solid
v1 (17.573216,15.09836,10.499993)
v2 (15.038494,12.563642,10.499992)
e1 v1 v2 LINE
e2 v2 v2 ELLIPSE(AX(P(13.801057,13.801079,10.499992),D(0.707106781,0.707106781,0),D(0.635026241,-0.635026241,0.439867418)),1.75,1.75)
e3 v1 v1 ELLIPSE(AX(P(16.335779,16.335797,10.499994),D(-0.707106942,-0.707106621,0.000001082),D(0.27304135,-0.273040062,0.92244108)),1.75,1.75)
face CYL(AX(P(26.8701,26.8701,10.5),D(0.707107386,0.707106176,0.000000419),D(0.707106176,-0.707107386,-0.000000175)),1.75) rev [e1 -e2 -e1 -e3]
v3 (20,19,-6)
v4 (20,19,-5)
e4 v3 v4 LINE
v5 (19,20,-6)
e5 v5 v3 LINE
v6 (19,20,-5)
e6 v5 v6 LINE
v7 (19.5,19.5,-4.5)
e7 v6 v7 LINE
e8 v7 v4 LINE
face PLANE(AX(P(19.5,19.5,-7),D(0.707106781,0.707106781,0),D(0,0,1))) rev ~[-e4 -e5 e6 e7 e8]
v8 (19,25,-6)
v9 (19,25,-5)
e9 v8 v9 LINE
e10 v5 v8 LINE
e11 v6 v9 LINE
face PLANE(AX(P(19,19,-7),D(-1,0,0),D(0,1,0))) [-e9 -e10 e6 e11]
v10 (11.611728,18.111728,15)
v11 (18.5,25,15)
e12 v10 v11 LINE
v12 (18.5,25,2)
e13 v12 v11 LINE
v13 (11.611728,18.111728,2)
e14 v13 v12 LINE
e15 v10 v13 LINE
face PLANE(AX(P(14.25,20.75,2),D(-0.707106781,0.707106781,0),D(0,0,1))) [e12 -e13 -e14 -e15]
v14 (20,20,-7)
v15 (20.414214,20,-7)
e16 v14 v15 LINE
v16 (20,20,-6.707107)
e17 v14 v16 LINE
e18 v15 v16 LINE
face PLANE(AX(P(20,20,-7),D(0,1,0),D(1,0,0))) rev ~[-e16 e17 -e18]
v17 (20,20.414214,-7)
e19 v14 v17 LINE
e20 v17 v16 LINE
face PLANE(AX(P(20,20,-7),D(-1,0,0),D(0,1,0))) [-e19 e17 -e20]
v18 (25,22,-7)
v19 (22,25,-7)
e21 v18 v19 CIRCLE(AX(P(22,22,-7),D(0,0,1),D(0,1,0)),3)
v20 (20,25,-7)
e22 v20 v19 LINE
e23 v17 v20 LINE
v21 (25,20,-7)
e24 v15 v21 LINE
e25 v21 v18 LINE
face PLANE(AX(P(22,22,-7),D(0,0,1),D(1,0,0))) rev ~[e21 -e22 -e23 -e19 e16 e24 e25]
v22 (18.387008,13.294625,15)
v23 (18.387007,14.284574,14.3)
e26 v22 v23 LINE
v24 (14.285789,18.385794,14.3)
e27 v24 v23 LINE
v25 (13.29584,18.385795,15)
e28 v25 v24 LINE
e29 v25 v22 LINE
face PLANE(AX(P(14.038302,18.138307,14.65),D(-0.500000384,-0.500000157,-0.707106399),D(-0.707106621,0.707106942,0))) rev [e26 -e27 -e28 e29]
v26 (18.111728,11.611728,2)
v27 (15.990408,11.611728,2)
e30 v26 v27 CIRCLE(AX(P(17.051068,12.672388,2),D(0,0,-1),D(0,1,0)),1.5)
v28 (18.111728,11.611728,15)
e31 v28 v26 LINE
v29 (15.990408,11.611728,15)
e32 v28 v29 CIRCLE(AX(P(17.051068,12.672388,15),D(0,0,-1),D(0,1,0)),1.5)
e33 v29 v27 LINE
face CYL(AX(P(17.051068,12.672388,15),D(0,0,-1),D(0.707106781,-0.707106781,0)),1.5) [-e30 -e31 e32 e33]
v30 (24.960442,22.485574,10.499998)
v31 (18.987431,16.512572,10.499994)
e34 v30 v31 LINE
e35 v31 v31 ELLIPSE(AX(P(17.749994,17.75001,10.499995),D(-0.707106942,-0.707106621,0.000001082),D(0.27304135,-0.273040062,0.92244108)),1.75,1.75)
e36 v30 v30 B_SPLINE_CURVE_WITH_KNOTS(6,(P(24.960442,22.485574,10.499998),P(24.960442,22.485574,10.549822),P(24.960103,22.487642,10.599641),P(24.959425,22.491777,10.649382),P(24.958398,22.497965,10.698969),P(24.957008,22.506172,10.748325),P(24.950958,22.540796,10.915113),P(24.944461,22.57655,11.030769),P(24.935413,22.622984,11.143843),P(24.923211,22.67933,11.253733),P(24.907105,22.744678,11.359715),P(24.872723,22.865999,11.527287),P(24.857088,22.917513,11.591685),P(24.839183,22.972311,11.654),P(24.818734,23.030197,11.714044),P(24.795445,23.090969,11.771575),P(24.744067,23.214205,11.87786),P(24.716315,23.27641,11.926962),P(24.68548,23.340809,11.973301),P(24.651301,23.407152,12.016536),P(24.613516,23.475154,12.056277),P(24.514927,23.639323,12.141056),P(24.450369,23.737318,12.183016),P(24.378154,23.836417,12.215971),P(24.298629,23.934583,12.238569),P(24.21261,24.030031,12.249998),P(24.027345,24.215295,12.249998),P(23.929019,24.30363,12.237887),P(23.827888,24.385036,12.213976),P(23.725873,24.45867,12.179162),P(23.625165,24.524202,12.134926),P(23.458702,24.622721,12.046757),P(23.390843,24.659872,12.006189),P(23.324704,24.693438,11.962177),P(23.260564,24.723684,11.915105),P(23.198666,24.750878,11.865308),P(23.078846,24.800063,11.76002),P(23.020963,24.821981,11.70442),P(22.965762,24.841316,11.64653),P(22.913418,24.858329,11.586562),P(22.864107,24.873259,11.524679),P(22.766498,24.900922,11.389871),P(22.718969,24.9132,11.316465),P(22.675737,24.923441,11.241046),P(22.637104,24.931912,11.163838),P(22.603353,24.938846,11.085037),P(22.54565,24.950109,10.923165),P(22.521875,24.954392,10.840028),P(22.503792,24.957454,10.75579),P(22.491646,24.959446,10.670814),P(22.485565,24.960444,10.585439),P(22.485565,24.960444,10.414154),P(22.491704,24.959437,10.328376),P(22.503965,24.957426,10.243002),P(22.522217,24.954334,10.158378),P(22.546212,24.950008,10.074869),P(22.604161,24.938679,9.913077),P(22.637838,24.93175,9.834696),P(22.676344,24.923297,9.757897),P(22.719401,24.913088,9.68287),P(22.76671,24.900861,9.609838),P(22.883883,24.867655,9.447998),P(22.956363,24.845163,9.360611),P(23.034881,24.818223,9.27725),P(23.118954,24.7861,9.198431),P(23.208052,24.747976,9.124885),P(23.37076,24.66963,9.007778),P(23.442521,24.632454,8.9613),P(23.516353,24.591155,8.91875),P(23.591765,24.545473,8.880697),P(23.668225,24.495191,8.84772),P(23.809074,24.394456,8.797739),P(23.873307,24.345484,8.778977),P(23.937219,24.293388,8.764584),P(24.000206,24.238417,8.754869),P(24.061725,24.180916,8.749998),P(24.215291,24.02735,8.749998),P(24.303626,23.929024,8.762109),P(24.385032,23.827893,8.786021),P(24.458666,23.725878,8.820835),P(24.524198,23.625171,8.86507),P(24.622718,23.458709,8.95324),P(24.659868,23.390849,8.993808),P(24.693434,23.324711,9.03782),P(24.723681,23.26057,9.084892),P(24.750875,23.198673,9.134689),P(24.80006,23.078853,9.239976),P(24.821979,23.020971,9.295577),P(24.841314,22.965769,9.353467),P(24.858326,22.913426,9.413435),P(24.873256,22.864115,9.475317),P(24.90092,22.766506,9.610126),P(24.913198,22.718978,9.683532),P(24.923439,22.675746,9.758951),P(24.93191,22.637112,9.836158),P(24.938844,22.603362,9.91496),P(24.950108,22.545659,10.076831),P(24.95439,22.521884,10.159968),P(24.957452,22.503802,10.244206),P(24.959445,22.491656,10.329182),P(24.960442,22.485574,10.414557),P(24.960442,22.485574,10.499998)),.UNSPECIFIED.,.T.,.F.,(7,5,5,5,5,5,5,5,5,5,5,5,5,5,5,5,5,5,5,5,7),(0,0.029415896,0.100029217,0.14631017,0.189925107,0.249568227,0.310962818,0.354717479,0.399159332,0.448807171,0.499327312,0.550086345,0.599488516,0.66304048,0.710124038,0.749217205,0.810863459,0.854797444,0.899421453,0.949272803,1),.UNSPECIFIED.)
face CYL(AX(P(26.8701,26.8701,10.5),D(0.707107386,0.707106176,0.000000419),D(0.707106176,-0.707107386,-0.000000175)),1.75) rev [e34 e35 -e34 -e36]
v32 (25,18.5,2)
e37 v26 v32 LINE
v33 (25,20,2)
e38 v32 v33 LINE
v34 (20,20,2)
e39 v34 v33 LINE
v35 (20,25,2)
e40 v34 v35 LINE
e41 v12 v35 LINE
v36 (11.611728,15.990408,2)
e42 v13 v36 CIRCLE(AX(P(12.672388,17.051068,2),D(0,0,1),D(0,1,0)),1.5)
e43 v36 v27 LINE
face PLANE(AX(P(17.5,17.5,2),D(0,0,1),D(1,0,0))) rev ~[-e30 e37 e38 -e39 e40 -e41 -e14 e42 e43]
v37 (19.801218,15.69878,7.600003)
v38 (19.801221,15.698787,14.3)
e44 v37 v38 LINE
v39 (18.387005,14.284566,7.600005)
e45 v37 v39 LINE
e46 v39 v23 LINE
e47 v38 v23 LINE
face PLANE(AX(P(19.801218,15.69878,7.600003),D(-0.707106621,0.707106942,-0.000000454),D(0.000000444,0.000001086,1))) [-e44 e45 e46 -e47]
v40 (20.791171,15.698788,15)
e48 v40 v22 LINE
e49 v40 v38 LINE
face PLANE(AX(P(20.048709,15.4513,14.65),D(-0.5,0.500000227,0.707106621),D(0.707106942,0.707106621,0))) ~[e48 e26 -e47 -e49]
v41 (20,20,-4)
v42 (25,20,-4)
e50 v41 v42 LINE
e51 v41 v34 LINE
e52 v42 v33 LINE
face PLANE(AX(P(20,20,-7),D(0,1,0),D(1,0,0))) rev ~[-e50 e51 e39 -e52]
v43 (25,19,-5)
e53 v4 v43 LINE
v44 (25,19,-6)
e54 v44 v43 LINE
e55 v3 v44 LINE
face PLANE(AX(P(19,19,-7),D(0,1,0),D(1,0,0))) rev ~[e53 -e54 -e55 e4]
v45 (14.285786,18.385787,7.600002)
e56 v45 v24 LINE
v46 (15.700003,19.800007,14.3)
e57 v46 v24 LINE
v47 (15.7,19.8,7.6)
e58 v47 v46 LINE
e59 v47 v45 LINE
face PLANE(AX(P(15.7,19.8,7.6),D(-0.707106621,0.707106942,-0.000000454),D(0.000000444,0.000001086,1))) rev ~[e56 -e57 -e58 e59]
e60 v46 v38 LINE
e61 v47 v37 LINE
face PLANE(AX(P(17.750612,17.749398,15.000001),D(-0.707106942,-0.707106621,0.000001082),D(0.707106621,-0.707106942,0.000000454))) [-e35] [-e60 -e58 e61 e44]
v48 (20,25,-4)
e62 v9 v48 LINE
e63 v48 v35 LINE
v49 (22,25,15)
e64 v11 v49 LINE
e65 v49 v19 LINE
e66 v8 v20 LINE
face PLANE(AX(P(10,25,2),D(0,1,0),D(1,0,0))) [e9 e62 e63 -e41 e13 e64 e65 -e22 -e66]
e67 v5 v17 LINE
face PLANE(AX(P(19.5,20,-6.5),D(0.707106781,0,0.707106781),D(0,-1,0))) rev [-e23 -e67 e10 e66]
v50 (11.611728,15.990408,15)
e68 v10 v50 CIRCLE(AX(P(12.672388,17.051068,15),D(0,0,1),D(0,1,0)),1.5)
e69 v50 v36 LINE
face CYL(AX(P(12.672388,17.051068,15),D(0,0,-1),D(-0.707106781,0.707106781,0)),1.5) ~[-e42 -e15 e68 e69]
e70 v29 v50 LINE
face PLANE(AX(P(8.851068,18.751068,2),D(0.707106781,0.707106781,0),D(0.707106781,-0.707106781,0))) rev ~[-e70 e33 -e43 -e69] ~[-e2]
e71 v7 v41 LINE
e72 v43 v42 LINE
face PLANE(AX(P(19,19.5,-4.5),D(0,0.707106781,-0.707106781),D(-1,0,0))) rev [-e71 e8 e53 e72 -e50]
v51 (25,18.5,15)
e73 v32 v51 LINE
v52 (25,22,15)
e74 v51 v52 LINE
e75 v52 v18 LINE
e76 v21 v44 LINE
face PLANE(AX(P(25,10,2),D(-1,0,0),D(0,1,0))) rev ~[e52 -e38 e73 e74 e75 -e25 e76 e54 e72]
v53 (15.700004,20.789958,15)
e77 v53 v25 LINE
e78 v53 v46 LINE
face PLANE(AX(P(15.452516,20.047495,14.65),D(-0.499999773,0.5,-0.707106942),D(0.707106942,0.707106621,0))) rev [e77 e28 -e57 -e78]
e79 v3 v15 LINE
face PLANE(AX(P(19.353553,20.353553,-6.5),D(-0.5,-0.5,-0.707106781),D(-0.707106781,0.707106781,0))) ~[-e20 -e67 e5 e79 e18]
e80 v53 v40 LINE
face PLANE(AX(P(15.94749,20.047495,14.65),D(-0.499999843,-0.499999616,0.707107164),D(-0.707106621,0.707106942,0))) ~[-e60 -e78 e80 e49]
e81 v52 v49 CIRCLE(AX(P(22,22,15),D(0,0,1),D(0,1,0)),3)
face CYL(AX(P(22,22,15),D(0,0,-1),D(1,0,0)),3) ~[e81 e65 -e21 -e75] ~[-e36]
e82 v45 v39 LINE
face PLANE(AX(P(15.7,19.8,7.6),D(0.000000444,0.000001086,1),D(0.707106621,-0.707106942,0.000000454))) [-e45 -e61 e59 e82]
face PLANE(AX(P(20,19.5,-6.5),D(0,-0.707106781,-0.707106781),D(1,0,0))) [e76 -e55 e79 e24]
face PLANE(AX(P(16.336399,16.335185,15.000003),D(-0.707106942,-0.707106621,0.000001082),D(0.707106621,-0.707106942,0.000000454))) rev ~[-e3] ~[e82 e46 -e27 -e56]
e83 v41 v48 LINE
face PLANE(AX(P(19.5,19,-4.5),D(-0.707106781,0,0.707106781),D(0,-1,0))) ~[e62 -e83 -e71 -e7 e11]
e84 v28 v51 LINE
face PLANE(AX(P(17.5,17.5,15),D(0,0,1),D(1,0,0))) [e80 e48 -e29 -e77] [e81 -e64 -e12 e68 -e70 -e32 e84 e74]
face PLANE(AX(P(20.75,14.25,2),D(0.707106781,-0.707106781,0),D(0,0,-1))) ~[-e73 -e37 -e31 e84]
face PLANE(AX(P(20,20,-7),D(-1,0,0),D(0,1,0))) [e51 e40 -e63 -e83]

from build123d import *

# Parameters (mm, degrees)
BOX406004_W                 = 5.8
BOX406004_H                 = 14.8
BOX406004_DEPTH             = 2
BOX406004_ROLL_ANGLE        = 89.999938
BOX406004_PITCH_ANGLE       = -2.6e-05
BOX406004_PLACEMENT_ANGLE   = -45.000013
CYLINDER066_R               = 1.75
CYLINDER066_DEPTH           = 33
CYLINDER066_ROLL_ANGLE      = 90.000024
CYLINDER066_PITCH_ANGLE     = 1e-05
CYLINDER066_PLACEMENT_ANGLE = -45.000049
BOX404_W                    = 5
BOX404_H                    = 5
BOX404_DEPTH                = 14
BOX406007_W                 = 14
BOX406007_H                 = 10
BOX406007_DEPTH             = 14
BOX406007_PLACEMENT_ANGLE   = 45
BOX405_W                    = 15
BOX405_H                    = 15
BOX405_DEPTH                = 13
CHAMFER_SIZE                = 8.5
FILLET_R                    = 1.5
BOX406008009_W              = 6
BOX406008009_H              = 6
BOX406008009_DEPTH          = 3
CHAMFER029_SIZE             = 1
CHAMFER030_SIZE             = 1
CHAMFER033_SIZE             = 1
FILLET006_R                 = 3
CHAMFER034_SIZE             = 0.7


with BuildPart() as box406004:
    # Box406004 → Box406004 (new body)
    with BuildSketch(Plane.XY):
        with Locations((2.9, 7.4)):
            Rectangle(BOX406004_W, BOX406004_H)
    extrude(amount=BOX406004_DEPTH)


with BuildPart() as box406004_1:
    # Box406004 roll: moved
    add(box406004.part.rotate(Axis((0, 0, 0), (1, 0, 0)), BOX406004_ROLL_ANGLE))


with BuildPart() as box406004_2:
    # Box406004 pitch: moved
    add(box406004_1.part.rotate(Axis((0, 0, 0), (0, 1, 0)), BOX406004_PITCH_ANGLE))


with BuildPart() as box406004_3:
    # Box406004 placement: moved
    add(box406004_2.part.moved(Location((15.7, 19.8, 7.6))).rotate(Axis((15.7, 19.8, 7.6), (0, 0, 1)), BOX406004_PLACEMENT_ANGLE))


with BuildPart() as finger_cavity:
    # Cylinder066 → Cylinder066 (new body)
    with BuildSketch(Plane.XY):
        Circle(CYLINDER066_R)
    extrude(amount=CYLINDER066_DEPTH)


with BuildPart() as finger_cavity_1:
    # Cylinder066 roll: moved
    add(finger_cavity.part.rotate(Axis((0, 0, 0), (1, 0, 0)), CYLINDER066_ROLL_ANGLE))


with BuildPart() as finger_cavity_2:
    # Cylinder066 pitch: moved
    add(finger_cavity_1.part.rotate(Axis((0, 0, 0), (0, 1, 0)), CYLINDER066_PITCH_ANGLE))


with BuildPart() as finger_cavity_3:
    # Cylinder066 placement: moved
    add(finger_cavity_2.part.moved(Location((26.8701, 26.8701, 10.5))).rotate(Axis((26.8701, 26.8701, 10.5), (0, 0, 1)), CYLINDER066_PLACEMENT_ANGLE))

    # Fusion103077010: union Box406004
    add(box406004_3.part)


with BuildPart() as cube334:
    # Box404 → Box404 (new body)
    with BuildSketch(Plane(origin=(20, 20, -7), x_dir=(1, 0, 0), z_dir=(0, 0, 1))):
        with Locations((2.5, 2.5)):
            Rectangle(BOX404_W, BOX404_H)
    extrude(amount=BOX404_DEPTH)


with BuildPart() as cube338:
    # Box406007 → Box406007 (new body)
    with BuildSketch(Plane.XY):
        with Locations((7, 5)):
            Rectangle(BOX406007_W, BOX406007_H)
    extrude(amount=BOX406007_DEPTH)


with BuildPart() as cube338_1:
    # Box406007 placement: moved
    add(cube338.part.moved(Location((1.78, 11.68, 2))).rotate(Axis((1.78, 11.68, 2), (0, 0, -1)), BOX406007_PLACEMENT_ANGLE))


with BuildPart() as fillet_body:
    # Box405 → Box405 (new body)
    with BuildSketch(Plane(origin=(10, 10, 2), x_dir=(1, 0, 0), z_dir=(0, 0, 1))):
        with Locations((7.5, 7.5)):
            Rectangle(BOX405_W, BOX405_H)
    extrude(amount=BOX405_DEPTH)

    # Chamfer
    chamfer_edges = [fillet_body.edges().sort_by_distance(p)[0] for p in [
        (10, 25, 8.5),
        (25, 10, 8.5),
    ]]
    chamfer(chamfer_edges, length=CHAMFER_SIZE)

    # Cut173011017: cut Cube338
    add(cube338_1.part, mode=Mode.SUBTRACT)

    # Fillet
    fillet_edges = [fillet_body.edges().sort_by_distance(p)[0] for p in [
        (10.551068, 17.051068, 8.5),
        (17.051068, 10.551068, 8.5),
    ]]
    fillet(fillet_edges, radius=FILLET_R)


with BuildPart() as finger:
    # Box406008009 → Box406008009 (new body)
    with BuildSketch(Plane(origin=(19, 19, -7), x_dir=(1, 0, 0), z_dir=(0, 0, 1))):
        with Locations((3, 3)):
            Rectangle(BOX406008009_W, BOX406008009_H)
    extrude(amount=BOX406008009_DEPTH)

    # Chamfer029
    chamfer029_edges = [finger.edges().sort_by_distance(p)[0] for p in [
        (19, 22, -4),
        (22, 19, -4),
    ]]
    chamfer(chamfer029_edges, length=CHAMFER029_SIZE)

    # Chamfer030
    chamfer030_edges = [finger.edges().sort_by_distance(p)[0] for p in [
        (19, 19, -6),
    ]]
    chamfer(chamfer030_edges, length=CHAMFER030_SIZE)

    # Chamfer033
    chamfer033_edges = [finger.edges().sort_by_distance(p)[0] for p in [
        (19, 22.5, -7),
        (19.5, 19.5, -7),
        (22.5, 19, -7),
    ]]
    chamfer(chamfer033_edges, length=CHAMFER033_SIZE)

    # Fusion103077013004017007: union Cube334, Fillet body
    add(cube334.part)
    add(fillet_body.part)

    # Fillet006
    fillet006_edges = [finger.edges().sort_by_distance(p)[0] for p in [
        (25, 25, -5.5),
        (25, 25, -1),
        (25, 25, 4.5),
        (25, 25, 11),
    ]]
    fillet(fillet006_edges, radius=FILLET006_R)

    # Cut173011018: cut finger-cavity
    add(finger_cavity_3.part, mode=Mode.SUBTRACT)

    # Chamfer034
    chamfer034_edges = [finger.edges().sort_by_distance(p)[0] for p in [
        (16.336399, 16.335185, 15),
        (19.094115, 14.991681, 15),
        (17.750613, 17.749398, 15),
        (14.992896, 19.092901, 15),
    ]]
    chamfer(chamfer034_edges, length=CHAMFER034_SIZE)


solid = finger.part
